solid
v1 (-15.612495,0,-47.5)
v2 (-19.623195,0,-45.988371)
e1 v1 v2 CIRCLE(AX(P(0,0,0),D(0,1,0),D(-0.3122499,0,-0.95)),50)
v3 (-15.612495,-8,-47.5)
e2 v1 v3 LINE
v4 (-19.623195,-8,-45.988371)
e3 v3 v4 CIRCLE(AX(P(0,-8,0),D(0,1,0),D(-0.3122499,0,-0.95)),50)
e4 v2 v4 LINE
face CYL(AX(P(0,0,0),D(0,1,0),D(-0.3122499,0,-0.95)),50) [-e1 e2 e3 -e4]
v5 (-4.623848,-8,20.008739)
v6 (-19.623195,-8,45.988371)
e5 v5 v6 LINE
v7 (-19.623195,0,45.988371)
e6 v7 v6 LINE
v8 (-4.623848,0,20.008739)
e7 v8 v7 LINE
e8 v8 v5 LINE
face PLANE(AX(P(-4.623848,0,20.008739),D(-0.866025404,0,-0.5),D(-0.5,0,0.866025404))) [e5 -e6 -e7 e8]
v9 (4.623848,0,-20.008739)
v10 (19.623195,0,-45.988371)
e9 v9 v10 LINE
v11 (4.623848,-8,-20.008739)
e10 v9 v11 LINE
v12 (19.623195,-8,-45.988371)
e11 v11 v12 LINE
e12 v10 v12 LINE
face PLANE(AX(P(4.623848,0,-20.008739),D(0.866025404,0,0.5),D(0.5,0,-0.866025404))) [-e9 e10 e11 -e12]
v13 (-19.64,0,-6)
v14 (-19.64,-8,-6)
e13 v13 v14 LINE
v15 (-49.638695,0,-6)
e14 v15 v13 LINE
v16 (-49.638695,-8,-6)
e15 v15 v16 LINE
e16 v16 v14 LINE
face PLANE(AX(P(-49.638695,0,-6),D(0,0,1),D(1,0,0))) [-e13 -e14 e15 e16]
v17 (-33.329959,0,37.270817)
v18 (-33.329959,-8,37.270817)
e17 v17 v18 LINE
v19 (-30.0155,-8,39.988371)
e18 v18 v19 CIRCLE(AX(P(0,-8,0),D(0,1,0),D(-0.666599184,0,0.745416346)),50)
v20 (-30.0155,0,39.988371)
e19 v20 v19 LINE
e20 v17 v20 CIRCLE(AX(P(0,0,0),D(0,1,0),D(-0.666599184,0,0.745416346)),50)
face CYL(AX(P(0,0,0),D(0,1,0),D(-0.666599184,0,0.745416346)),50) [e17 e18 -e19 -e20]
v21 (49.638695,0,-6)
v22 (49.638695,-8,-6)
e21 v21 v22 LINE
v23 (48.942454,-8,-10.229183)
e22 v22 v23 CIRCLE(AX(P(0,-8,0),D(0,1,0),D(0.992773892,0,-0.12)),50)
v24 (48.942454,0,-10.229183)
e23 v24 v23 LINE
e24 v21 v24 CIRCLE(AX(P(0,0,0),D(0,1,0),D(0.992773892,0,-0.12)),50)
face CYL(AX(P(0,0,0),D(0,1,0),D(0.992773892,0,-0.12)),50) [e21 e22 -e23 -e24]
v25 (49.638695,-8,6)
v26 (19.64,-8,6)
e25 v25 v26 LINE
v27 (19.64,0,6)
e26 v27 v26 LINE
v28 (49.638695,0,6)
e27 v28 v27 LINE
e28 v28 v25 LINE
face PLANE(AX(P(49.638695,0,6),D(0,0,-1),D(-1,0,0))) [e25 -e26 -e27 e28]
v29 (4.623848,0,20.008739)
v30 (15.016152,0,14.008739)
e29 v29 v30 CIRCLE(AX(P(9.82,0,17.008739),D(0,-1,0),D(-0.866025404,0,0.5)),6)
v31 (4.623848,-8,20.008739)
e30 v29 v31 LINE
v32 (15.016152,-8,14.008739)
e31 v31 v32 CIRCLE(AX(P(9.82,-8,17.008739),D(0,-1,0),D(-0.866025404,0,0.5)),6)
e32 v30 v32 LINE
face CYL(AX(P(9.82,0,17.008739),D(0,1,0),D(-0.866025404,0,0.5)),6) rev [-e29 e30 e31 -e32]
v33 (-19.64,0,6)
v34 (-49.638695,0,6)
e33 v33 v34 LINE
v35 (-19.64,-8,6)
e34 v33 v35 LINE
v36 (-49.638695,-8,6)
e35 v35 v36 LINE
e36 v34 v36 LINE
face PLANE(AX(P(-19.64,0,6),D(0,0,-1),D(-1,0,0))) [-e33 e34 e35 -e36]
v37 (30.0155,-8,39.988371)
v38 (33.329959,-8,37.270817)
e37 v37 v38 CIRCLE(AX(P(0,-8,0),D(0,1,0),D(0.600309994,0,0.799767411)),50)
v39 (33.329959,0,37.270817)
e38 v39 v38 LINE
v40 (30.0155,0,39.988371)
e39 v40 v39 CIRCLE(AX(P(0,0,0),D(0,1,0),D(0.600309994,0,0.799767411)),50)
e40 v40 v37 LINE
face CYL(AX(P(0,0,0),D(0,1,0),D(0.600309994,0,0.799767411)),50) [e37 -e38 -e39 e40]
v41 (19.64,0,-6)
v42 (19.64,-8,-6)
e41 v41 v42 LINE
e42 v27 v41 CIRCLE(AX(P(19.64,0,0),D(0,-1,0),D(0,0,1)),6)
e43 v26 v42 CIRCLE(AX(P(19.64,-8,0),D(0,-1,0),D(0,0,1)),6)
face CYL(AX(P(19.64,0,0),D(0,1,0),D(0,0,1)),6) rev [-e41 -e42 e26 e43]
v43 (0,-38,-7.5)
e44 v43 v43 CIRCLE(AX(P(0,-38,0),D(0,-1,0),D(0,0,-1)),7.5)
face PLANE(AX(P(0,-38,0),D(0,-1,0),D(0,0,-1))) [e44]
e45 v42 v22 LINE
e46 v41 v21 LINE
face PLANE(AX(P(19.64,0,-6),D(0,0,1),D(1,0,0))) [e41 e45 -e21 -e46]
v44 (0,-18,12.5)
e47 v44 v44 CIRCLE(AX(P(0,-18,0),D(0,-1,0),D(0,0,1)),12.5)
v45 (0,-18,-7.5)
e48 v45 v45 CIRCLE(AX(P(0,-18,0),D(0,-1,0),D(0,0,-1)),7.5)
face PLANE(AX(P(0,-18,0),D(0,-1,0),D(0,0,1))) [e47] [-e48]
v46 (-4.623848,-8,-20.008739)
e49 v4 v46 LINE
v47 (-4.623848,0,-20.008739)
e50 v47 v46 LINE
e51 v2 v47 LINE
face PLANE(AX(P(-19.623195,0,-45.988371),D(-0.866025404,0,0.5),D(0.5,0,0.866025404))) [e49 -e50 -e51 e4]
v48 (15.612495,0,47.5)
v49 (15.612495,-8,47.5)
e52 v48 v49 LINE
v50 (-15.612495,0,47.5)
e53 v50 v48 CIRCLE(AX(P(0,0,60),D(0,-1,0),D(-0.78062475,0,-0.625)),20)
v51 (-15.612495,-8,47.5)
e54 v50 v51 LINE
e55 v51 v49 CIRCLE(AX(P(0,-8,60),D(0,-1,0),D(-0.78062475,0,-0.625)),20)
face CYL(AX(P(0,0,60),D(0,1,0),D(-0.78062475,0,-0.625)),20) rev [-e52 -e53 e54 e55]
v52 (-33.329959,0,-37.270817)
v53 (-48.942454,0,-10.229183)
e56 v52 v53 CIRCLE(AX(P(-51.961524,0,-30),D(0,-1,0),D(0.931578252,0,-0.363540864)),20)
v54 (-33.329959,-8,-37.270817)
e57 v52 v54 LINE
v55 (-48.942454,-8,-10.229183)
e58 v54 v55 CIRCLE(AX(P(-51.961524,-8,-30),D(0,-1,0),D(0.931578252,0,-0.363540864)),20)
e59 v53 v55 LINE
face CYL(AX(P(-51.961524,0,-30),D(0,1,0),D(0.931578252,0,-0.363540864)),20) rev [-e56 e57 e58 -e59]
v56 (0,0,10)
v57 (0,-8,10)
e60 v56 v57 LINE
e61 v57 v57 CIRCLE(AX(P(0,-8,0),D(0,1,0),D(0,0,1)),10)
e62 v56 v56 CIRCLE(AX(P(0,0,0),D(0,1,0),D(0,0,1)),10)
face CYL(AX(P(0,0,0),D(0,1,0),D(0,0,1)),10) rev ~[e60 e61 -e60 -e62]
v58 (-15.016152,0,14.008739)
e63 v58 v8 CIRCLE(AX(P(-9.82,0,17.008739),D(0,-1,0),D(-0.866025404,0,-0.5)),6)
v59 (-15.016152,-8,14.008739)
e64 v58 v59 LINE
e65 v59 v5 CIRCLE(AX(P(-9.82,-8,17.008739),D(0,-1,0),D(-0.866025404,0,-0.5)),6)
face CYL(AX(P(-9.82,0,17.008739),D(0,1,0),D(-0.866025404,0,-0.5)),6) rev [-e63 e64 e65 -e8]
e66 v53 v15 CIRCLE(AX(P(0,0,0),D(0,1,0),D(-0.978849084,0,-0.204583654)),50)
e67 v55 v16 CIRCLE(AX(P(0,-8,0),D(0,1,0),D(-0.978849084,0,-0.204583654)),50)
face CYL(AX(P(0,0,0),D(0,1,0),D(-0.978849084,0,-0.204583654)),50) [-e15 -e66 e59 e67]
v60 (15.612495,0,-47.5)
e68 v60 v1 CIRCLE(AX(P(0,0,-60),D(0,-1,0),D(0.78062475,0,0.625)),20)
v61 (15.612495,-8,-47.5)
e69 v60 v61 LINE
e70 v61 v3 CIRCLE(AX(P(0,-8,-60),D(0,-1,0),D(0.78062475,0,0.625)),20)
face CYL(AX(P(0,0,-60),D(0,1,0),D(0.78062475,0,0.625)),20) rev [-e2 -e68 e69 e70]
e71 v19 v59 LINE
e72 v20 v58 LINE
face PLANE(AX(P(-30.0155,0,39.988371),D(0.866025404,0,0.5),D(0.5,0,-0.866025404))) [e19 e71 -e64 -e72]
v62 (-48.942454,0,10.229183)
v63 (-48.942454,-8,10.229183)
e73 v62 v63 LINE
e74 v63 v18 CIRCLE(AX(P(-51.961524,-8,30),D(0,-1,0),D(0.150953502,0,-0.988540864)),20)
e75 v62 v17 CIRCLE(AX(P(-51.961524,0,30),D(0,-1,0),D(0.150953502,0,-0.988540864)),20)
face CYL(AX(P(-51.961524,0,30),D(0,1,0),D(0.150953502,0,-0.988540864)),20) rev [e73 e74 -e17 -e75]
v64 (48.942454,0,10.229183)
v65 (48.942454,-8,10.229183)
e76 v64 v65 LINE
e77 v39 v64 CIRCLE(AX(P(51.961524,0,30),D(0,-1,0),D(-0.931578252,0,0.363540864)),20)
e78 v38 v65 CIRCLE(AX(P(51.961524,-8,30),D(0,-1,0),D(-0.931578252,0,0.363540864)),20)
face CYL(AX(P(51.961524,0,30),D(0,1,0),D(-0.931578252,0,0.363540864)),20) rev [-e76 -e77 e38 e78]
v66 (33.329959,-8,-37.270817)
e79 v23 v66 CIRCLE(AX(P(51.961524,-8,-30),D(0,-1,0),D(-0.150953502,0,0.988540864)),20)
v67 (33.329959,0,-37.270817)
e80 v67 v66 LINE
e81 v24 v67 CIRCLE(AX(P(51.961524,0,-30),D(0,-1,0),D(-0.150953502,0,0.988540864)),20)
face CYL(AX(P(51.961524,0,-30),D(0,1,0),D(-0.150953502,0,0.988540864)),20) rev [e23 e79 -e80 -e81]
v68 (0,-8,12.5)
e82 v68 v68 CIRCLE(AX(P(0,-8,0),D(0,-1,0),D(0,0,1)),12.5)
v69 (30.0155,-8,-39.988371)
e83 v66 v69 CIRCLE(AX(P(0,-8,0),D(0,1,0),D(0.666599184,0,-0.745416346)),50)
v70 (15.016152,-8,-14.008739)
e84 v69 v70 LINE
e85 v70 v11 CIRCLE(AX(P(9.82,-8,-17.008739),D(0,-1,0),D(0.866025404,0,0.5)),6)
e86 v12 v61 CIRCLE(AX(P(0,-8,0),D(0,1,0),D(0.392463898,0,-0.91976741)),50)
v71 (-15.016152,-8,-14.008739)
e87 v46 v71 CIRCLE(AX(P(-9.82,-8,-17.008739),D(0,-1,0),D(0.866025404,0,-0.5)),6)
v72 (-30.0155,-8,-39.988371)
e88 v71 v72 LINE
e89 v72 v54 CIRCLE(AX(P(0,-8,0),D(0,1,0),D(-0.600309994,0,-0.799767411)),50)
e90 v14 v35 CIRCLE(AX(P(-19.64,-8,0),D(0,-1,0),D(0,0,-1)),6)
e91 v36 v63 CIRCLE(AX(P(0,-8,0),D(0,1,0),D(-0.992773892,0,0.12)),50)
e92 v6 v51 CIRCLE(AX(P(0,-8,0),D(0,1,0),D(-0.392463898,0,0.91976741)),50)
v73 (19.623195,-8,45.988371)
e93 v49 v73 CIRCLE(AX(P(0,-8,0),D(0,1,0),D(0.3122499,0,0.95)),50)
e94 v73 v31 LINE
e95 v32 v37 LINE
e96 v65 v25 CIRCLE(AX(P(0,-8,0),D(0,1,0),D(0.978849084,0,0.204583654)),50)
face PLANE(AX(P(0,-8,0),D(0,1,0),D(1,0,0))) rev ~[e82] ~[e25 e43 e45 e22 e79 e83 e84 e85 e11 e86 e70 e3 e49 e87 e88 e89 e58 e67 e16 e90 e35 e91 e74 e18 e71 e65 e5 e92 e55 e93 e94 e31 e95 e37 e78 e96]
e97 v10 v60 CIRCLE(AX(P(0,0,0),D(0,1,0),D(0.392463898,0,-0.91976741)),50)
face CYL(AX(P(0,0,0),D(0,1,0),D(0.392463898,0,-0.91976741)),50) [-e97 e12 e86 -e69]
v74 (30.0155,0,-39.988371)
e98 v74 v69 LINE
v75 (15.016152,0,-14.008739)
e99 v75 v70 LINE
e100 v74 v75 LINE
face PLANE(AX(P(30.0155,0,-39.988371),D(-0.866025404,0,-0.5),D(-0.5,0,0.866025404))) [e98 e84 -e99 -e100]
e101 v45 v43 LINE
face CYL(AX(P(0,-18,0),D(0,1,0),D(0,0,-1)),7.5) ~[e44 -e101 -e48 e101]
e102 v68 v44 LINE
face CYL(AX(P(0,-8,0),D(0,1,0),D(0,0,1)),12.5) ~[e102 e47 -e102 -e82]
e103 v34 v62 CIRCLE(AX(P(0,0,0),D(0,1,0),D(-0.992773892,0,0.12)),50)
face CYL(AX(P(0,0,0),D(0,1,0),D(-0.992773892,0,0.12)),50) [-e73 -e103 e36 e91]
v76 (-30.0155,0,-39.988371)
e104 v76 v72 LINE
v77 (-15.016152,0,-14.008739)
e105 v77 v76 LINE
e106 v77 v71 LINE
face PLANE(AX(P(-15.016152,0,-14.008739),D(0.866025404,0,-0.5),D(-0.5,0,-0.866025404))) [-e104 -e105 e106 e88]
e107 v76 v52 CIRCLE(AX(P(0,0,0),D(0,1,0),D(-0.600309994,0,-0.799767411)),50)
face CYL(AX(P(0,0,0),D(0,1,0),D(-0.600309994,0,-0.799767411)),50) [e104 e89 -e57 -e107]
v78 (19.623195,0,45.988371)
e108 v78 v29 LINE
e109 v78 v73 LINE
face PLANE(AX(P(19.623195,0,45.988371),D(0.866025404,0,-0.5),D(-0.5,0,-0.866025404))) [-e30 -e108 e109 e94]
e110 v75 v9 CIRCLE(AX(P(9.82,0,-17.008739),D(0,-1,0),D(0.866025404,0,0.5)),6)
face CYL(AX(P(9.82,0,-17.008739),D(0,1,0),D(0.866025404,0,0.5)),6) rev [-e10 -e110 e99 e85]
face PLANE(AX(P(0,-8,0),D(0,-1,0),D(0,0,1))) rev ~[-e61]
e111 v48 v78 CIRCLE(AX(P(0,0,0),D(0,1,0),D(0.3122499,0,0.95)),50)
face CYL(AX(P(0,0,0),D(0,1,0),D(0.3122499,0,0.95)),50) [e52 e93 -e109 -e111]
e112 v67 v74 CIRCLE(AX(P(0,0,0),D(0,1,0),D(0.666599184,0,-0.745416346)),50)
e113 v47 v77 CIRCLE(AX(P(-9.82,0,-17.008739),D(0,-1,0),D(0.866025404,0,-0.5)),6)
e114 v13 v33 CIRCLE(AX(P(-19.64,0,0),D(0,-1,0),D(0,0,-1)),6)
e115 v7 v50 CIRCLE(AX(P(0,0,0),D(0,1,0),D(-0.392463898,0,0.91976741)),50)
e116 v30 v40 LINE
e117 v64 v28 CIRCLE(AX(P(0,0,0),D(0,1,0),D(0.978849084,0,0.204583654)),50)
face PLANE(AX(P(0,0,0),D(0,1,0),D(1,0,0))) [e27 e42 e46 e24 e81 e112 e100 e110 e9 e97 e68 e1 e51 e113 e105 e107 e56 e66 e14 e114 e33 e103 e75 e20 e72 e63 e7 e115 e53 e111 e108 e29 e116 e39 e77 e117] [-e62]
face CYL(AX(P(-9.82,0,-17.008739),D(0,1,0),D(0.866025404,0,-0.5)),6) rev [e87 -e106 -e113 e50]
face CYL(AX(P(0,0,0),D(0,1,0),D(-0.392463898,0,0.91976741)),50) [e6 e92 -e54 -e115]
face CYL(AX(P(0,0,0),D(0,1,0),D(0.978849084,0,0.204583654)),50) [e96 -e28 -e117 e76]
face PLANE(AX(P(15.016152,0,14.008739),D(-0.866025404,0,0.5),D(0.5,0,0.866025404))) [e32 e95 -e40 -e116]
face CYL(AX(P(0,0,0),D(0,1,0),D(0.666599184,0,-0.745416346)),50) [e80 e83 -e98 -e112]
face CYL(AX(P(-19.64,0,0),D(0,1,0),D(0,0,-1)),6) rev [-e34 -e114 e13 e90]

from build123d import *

# Parameters (mm, degrees)
SKETCH1_R           = 10
BOSS_EXTRUDE1_DEPTH = 8
SKETCH2_R           = 12.5
BOSS_EXTRUDE2_DEPTH = 10
SKETCH3_R           = 7.5
BOSS_EXTRUDE3_DEPTH = 20


with BuildPart() as part:
    # Sketch1 → Boss-Extrude1 (new body)
    with BuildSketch(Plane(origin=(0, 0, 0), x_dir=(1, 0, 0), z_dir=(0, 1, 0))):
        with BuildLine():
            Line((-19.64, -6), (-49.638694584, -6))
            ThreePointArc((-49.638694584, -6), (-49.335912066, -8.122055195), (-48.942454178, -10.229182717))
            ThreePointArc((-48.942454178, -10.229182717), (-34.641016151, -20), (-33.329959182, -37.270817283))
            ThreePointArc((-33.329959182, -37.270817283), (-31.701862163, -38.665125571), (-30.015499715, -39.98837052))
            Line((-30.015499715, -39.98837052), (-15.016152423, -14.00873893))
            ThreePointArc((-15.016152423, -14.00873893), (-6.82, -11.812586508), (-4.623847577, -20.00873893))
            Line((-4.623847577, -20.00873893), (-19.623194869, -45.98837052))
            ThreePointArc((-19.623194869, -45.98837052), (-17.634049903, -46.787180766), (-15.612494996, -47.5))
            ThreePointArc((-15.612494996, -47.5), (0, -40), (15.612494996, -47.5))
            ThreePointArc((15.612494996, -47.5), (17.634049903, -46.787180766), (19.623194869, -45.98837052))
            Line((19.623194869, -45.98837052), (4.623847577, -20.00873893))
            ThreePointArc((4.623847577, -20.00873893), (6.82, -11.812586508), (15.016152423, -14.00873893))
            Line((15.016152423, -14.00873893), (30.015499715, -39.98837052))
            ThreePointArc((30.015499715, -39.98837052), (31.701862163, -38.665125571), (33.329959182, -37.270817283))
            ThreePointArc((33.329959182, -37.270817283), (34.641016151, -20), (48.942454178, -10.229182717))
            ThreePointArc((48.942454178, -10.229182717), (49.335912066, -8.122055195), (49.638694584, -6))
            Line((49.638694584, -6), (19.64, -6))
            ThreePointArc((19.64, -6), (13.64, 0), (19.64, 6))
            Line((19.64, 6), (49.638694584, 6))
            ThreePointArc((49.638694584, 6), (49.335912066, 8.122055195), (48.942454178, 10.229182717))
            ThreePointArc((48.942454178, 10.229182717), (34.641016151, 20), (33.329959182, 37.270817283))
            ThreePointArc((33.329959182, 37.270817283), (31.701862163, 38.665125571), (30.015499715, 39.98837052))
            Line((30.015499715, 39.98837052), (15.016152423, 14.00873893))
            ThreePointArc((15.016152423, 14.00873893), (6.82, 11.812586508), (4.623847577, 20.00873893))
            Line((4.623847577, 20.00873893), (19.623194869, 45.98837052))
            ThreePointArc((19.623194869, 45.98837052), (17.634049903, 46.787180766), (15.612494996, 47.5))
            ThreePointArc((15.612494996, 47.5), (0, 40), (-15.612494996, 47.5))
            ThreePointArc((-15.612494996, 47.5), (-17.634049903, 46.787180766), (-19.623194869, 45.98837052))
            Line((-19.623194869, 45.98837052), (-4.623847577, 20.00873893))
            ThreePointArc((-4.623847577, 20.00873893), (-6.82, 11.812586508), (-15.016152423, 14.00873893))
            Line((-15.016152423, 14.00873893), (-30.015499715, 39.98837052))
            ThreePointArc((-30.015499715, 39.98837052), (-31.701862163, 38.665125571), (-33.329959182, 37.270817283))
            ThreePointArc((-33.329959182, 37.270817283), (-34.641016151, 20), (-48.942454178, 10.229182717))
            ThreePointArc((-48.942454178, 10.229182717), (-49.335912066, 8.122055195), (-49.638694584, 6))
            Line((-49.638694584, 6), (-19.64, 6))
            ThreePointArc((-19.64, 6), (-13.64, 0), (-19.64, -6))
        make_face()
        with Locations(Location((0, 0, 0), (0, 0, 270))):
            Circle(SKETCH1_R, mode=Mode.SUBTRACT)
    extrude(amount=-BOSS_EXTRUDE1_DEPTH)

    # Sketch2 → Boss-Extrude2 (add)
    with BuildSketch(Plane.XZ.offset(8)):
        with Locations(Location((0, 0, 0), (0, 0, 90))):
            Circle(SKETCH2_R)
    extrude(amount=BOSS_EXTRUDE2_DEPTH)

    # Sketch3 → Boss-Extrude3 (add)
    with BuildSketch(Plane.XZ.offset(18)):
        with Locations(Location((0, 0, 0), (0, 0, 270))):
            Circle(SKETCH3_R)
    extrude(amount=BOSS_EXTRUDE3_DEPTH)


solid = part.part
